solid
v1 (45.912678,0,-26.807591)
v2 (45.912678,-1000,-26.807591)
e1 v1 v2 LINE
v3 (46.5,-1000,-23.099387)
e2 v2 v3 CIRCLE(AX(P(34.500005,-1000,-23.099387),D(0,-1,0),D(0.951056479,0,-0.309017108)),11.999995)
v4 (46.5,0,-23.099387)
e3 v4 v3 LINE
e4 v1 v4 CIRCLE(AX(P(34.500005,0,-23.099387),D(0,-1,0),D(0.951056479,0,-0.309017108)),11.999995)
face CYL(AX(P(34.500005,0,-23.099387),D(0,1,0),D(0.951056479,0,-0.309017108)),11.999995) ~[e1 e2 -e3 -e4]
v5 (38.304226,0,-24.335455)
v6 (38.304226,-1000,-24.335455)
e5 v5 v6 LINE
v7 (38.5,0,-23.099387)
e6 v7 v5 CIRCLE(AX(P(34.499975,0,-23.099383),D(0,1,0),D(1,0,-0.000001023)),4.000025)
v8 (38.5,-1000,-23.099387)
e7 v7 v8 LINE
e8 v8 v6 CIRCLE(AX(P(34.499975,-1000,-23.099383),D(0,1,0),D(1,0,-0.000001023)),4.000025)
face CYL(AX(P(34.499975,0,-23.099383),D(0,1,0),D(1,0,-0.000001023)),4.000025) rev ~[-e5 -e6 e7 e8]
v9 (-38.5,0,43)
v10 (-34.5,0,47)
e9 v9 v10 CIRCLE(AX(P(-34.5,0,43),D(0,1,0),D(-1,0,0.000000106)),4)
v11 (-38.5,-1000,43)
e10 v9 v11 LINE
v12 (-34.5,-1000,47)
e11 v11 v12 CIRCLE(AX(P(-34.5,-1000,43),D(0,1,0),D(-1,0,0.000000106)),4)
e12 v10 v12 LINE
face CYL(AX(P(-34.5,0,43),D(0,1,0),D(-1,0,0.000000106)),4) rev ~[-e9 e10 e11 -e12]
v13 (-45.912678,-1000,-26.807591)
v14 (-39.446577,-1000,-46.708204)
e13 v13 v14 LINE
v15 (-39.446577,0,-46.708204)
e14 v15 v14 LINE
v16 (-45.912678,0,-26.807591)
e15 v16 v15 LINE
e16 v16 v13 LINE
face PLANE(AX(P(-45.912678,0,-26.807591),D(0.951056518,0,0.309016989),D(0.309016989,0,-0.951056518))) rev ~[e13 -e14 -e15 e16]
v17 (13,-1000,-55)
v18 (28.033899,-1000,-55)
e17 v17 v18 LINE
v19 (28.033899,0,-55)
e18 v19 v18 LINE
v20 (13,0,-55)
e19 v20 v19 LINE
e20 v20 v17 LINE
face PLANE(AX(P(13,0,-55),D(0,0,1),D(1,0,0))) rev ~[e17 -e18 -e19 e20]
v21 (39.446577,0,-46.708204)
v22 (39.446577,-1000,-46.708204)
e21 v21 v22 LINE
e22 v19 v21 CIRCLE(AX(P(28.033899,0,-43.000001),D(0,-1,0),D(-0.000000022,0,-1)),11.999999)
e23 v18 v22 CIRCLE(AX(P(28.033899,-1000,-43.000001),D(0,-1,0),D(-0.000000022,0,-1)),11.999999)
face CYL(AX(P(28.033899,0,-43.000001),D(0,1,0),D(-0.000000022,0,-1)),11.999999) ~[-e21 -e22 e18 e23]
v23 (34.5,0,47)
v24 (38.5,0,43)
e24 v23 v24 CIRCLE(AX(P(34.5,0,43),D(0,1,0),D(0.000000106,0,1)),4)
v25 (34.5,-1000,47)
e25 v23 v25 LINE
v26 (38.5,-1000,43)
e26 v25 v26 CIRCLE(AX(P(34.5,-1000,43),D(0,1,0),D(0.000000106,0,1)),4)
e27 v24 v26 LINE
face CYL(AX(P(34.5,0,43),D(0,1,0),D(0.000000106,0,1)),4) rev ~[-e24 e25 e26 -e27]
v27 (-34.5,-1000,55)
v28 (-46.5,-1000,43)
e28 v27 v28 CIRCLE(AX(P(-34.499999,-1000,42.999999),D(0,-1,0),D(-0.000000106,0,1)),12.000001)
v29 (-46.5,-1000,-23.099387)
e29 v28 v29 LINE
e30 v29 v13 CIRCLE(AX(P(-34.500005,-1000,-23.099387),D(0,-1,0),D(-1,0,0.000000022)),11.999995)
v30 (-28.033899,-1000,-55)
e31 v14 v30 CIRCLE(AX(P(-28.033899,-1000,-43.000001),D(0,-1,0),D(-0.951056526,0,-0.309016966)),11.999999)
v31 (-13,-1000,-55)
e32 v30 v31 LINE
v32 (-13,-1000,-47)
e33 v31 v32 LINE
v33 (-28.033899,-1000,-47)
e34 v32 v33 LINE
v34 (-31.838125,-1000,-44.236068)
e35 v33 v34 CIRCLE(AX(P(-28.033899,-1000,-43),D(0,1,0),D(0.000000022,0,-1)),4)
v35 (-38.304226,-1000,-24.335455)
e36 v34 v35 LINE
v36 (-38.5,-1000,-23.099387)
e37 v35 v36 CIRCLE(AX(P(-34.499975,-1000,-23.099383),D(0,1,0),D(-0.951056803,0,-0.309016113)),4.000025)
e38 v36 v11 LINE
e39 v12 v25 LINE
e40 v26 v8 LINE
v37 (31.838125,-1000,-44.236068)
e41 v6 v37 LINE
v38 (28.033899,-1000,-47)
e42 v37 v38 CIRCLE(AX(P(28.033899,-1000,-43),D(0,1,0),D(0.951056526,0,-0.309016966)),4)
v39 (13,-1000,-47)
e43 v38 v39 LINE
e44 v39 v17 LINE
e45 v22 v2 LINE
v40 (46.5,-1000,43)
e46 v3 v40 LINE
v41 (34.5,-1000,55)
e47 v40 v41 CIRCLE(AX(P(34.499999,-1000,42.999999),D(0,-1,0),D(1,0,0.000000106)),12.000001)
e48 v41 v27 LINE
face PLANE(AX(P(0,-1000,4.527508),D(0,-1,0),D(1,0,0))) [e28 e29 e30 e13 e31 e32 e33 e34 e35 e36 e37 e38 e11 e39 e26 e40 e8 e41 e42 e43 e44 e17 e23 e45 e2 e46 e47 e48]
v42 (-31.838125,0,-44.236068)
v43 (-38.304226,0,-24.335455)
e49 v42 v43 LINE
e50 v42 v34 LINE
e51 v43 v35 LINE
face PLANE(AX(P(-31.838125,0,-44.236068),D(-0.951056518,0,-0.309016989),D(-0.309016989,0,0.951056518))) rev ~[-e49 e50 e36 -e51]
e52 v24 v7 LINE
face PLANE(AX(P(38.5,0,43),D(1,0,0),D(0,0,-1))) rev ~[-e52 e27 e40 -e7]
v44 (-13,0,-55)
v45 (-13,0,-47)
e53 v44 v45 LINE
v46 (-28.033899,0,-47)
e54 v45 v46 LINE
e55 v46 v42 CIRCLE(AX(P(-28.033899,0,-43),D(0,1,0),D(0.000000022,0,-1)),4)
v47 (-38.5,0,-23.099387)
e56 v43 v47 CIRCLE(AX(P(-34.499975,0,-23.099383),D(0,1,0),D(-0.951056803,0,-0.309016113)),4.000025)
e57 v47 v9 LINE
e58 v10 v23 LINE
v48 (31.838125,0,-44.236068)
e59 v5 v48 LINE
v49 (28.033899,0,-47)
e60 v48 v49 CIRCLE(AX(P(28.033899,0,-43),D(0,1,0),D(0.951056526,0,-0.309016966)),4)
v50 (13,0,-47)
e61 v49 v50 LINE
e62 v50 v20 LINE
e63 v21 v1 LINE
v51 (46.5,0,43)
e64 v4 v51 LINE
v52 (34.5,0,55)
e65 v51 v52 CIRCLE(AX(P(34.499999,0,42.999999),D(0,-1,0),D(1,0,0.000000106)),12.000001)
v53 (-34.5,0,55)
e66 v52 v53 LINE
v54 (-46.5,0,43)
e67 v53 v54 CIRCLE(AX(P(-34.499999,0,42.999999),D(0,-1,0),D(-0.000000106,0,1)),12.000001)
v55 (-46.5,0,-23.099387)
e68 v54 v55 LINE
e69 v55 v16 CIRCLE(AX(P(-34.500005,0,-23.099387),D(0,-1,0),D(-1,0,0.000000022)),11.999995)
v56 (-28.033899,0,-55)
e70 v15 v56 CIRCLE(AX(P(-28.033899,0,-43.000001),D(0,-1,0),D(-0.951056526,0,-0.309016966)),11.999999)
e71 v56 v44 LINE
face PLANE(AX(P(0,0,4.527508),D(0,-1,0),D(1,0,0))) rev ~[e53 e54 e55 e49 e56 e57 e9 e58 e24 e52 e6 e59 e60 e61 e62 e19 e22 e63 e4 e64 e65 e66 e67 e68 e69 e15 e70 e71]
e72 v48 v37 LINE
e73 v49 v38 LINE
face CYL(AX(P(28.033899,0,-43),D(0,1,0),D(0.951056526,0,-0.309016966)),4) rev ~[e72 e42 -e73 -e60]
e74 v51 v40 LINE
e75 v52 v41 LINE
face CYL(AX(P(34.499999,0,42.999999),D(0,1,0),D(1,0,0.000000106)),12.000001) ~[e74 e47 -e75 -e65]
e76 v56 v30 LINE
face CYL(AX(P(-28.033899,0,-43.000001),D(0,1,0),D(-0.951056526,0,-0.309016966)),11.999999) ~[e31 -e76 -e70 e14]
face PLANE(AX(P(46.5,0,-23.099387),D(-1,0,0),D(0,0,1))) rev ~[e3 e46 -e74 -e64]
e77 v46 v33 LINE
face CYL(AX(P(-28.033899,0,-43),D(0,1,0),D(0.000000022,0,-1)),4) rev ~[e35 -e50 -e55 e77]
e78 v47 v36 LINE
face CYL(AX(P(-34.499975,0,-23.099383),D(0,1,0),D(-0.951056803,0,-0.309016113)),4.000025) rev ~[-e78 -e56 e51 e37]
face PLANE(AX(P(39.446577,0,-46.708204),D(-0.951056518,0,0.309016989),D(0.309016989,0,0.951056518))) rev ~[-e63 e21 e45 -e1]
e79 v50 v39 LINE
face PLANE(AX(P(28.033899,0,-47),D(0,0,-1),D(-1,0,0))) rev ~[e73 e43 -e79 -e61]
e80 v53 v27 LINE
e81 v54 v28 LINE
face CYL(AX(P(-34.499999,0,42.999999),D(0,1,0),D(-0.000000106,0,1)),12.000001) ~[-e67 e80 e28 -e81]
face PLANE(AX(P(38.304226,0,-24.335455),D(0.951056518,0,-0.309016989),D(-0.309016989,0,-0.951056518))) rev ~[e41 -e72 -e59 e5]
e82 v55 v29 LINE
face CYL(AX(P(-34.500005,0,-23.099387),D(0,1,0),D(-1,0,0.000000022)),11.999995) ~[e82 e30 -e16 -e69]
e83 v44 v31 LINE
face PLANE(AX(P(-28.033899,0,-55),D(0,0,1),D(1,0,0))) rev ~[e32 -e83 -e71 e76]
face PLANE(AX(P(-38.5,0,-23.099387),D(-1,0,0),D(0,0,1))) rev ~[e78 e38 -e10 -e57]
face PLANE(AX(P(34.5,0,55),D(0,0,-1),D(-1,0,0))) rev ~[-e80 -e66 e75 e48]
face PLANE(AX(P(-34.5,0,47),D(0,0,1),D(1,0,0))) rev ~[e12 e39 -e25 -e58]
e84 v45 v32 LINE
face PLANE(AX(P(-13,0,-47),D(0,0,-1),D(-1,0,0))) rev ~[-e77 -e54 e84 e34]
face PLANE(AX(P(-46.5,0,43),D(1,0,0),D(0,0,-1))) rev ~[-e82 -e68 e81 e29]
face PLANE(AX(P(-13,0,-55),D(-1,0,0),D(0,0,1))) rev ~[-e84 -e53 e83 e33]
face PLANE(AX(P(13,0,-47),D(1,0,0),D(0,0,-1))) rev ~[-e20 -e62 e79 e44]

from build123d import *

# Parameters (mm, degrees)
F1_DEPTH = 1000


with BuildPart() as f1:
    # F0 (on Front) → F1 (new body)
    with BuildSketch(Plane.XZ):
        with BuildLine():
            Line((-45.912678, -26.807591), (-39.446577, -46.708204))
            ThreePointArc((-39.446577, -46.708204), (-35.087322, -52.708204), (-28.033899, -55))
            Line((-28.033899, -55), (-13, -55))
            Line((-13, -55), (-13, -47))
            Line((-13, -47), (-28.033899, -47))
            ThreePointArc((-28.033899, -47), (-30.38504, -46.236068), (-31.838125, -44.236068))
            Line((-31.838125, -44.236068), (-38.304226, -24.335455))
            ThreePointArc((-38.304226, -24.335455), (-38.450753, -23.725125), (-38.5, -23.099387))
            Line((-38.5, -23.099387), (-38.5, 43))
            ThreePointArc((-38.5, 43), (-37.328427, 45.828427), (-34.5, 47))
            Line((-34.5, 47), (34.5, 47))
            ThreePointArc((34.5, 47), (37.328427, 45.828427), (38.5, 43))
            Line((38.5, 43), (38.5, -23.099387))
            ThreePointArc((38.5, -23.099387), (38.450753, -23.725125), (38.304226, -24.335455))
            Line((38.304226, -24.335455), (31.838125, -44.236068))
            ThreePointArc((31.838125, -44.236068), (30.38504, -46.236068), (28.033899, -47))
            Line((28.033899, -47), (13, -47))
            Line((13, -47), (13, -55))
            Line((13, -55), (28.033899, -55))
            ThreePointArc((28.033899, -55), (35.087322, -52.708204), (39.446577, -46.708204))
            Line((39.446577, -46.708204), (45.912678, -26.807591))
            ThreePointArc((45.912678, -26.807591), (46.35226, -24.976601), (46.5, -23.099387))
            Line((46.5, -23.099387), (46.5, 43))
            ThreePointArc((46.5, 43), (42.985281, 51.485281), (34.5, 55))
            Line((34.5, 55), (-34.5, 55))
            ThreePointArc((-34.5, 55), (-42.985281, 51.485281), (-46.5, 43))
            Line((-46.5, 43), (-46.5, -23.099387))
            ThreePointArc((-46.5, -23.099387), (-46.35226, -24.976601), (-45.912678, -26.807591))
        make_face()
    extrude(amount=F1_DEPTH)


solid = f1.part
